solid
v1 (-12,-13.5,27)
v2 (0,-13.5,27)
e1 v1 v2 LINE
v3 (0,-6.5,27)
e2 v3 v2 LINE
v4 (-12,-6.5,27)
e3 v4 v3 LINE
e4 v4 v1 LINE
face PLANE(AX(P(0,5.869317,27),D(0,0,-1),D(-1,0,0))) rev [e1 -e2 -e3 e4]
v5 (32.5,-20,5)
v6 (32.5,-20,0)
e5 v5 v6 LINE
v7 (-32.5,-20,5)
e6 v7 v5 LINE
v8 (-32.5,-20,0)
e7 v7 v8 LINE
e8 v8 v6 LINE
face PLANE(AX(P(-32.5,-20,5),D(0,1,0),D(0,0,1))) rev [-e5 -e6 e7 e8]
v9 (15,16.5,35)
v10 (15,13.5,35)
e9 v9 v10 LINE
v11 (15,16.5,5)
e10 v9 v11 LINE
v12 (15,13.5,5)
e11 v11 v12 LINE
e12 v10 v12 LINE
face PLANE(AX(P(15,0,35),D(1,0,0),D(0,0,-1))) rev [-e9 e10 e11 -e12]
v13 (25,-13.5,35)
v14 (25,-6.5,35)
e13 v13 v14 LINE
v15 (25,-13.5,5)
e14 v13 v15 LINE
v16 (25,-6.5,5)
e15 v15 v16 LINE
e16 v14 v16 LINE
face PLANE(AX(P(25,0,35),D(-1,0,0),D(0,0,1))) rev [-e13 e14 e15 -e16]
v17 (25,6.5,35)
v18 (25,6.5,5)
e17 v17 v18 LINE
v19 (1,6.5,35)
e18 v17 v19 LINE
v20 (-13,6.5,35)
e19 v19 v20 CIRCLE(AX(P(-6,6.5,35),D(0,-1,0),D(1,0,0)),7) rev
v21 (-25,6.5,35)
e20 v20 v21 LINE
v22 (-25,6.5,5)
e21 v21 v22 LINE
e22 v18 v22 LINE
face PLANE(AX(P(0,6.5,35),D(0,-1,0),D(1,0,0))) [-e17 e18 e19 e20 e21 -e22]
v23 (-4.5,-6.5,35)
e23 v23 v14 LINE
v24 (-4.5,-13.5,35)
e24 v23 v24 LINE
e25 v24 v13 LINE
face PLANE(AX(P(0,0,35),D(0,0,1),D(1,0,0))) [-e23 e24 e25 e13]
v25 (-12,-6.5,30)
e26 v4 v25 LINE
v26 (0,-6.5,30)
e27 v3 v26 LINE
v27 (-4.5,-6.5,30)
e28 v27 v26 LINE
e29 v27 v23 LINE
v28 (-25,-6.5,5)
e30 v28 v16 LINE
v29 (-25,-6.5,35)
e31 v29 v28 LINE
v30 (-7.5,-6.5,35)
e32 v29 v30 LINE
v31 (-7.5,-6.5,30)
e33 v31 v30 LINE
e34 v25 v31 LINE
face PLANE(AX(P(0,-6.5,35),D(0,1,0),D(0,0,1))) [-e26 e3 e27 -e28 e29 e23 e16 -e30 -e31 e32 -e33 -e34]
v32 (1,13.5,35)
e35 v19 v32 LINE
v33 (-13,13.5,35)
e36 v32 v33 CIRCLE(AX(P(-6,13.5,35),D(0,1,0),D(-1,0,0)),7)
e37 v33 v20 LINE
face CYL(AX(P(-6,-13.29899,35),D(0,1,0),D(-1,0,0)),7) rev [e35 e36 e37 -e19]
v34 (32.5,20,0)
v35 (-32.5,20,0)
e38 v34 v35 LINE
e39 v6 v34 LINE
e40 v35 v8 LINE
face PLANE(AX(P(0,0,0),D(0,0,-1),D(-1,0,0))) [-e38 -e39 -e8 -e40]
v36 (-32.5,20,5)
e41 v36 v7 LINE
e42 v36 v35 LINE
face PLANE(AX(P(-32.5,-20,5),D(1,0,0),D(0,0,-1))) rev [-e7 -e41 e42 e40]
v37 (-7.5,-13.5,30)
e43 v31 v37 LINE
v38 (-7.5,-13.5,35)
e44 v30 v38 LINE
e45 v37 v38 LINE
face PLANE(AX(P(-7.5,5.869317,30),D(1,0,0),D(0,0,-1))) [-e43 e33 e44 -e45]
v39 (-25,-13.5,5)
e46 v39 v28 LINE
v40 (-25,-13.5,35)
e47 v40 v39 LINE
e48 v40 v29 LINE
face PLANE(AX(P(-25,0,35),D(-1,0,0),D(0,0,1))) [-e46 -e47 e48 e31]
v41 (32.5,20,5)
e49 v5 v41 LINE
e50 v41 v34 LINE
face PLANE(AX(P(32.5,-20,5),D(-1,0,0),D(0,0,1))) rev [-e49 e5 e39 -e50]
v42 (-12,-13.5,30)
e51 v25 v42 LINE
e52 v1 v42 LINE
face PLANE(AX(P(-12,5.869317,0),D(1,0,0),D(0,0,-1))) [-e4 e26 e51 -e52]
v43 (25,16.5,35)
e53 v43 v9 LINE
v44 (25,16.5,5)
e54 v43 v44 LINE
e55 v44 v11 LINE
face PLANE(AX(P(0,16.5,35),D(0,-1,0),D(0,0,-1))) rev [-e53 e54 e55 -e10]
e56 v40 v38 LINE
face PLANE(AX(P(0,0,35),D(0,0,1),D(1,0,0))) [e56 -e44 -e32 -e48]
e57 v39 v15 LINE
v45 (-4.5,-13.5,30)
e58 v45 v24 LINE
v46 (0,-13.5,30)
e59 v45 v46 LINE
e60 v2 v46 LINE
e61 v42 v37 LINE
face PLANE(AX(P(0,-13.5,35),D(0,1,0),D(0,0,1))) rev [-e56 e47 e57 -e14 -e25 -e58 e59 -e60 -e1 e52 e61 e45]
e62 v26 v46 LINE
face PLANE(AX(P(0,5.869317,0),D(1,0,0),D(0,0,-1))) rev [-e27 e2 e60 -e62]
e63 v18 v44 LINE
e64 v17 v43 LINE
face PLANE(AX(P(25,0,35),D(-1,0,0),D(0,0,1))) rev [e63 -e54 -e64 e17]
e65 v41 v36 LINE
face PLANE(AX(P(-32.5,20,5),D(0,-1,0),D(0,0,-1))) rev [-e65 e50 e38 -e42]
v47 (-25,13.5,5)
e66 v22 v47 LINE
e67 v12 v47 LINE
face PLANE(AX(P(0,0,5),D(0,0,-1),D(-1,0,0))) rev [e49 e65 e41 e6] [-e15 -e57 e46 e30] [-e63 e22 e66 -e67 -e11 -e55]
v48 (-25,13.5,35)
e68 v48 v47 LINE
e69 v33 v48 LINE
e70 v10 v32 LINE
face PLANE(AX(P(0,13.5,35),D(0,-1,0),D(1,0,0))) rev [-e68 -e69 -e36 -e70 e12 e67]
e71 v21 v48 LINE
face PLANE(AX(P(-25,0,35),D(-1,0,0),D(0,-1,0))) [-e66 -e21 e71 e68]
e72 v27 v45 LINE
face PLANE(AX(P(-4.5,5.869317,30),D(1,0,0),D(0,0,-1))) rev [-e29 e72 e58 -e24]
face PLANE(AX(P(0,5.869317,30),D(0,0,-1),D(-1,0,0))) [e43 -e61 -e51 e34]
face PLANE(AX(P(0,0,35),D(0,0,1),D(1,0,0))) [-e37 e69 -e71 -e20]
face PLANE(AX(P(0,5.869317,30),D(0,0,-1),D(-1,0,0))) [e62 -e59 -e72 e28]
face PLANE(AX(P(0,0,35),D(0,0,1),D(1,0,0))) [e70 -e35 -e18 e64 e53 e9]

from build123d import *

# Parameters (mm, degrees)
SKETCH_1_W          = 65
SKETCH_1_H          = 40
EXTRUDE_1_DEPTH     = 5
SKETCH_2_W          = 50
SKETCH_2_H          = 7
SKETCH_2_W_2        = 10
SKETCH_2_H_2        = 3
EXTRUDE_2_DEPTH     = 30
SKETCH_4_R          = 7
CUT_EXTRUDE_1_DEPTH = 7
SKETCH_7_W          = 12
SKETCH_7_H          = 3
SKETCH_7_W_2        = 3
SKETCH_7_H_2        = 5
CUT_EXTRUDE_3_DEPTH = 7


with BuildPart() as part:
    # Эскиз1 → Бобышка-Вытянуть1 (new body)
    with BuildSketch(Plane.XY):
        Rectangle(SKETCH_1_W, SKETCH_1_H)
    extrude(amount=EXTRUDE_1_DEPTH)

    # Эскиз2 → Бобышка-Вытянуть2 (add)
    with BuildSketch(Plane.XY.offset(5)):
        with Locations((0, 10)):
            Rectangle(SKETCH_2_W, SKETCH_2_H)
        with Locations((20, 15)):
            Rectangle(SKETCH_2_W_2, SKETCH_2_H_2)
        with Locations((0, -10)):
            Rectangle(SKETCH_2_W, SKETCH_2_H)
    extrude(amount=EXTRUDE_2_DEPTH)

    # Эскиз4 → Вырез-Вытянуть1 (cut)
    with BuildSketch(Plane(origin=(0, 13.5, 0), x_dir=(1, 0, 0), z_dir=(0, 1, 0))):
        with Locations((-6, -35)):
            Circle(SKETCH_4_R)
    extrude(amount=-CUT_EXTRUDE_1_DEPTH, mode=Mode.SUBTRACT)

    # Эскиз7 → Вырез-Вытянуть3 (cut)
    with BuildSketch(Plane.XZ.offset(13.5)):
        with Locations((-6, 28.5)):
            Rectangle(SKETCH_7_W, SKETCH_7_H)
        with Locations((-6, 32.5)):
            Rectangle(SKETCH_7_W_2, SKETCH_7_H_2)
    extrude(amount=-CUT_EXTRUDE_3_DEPTH, mode=Mode.SUBTRACT)


solid = part.part
